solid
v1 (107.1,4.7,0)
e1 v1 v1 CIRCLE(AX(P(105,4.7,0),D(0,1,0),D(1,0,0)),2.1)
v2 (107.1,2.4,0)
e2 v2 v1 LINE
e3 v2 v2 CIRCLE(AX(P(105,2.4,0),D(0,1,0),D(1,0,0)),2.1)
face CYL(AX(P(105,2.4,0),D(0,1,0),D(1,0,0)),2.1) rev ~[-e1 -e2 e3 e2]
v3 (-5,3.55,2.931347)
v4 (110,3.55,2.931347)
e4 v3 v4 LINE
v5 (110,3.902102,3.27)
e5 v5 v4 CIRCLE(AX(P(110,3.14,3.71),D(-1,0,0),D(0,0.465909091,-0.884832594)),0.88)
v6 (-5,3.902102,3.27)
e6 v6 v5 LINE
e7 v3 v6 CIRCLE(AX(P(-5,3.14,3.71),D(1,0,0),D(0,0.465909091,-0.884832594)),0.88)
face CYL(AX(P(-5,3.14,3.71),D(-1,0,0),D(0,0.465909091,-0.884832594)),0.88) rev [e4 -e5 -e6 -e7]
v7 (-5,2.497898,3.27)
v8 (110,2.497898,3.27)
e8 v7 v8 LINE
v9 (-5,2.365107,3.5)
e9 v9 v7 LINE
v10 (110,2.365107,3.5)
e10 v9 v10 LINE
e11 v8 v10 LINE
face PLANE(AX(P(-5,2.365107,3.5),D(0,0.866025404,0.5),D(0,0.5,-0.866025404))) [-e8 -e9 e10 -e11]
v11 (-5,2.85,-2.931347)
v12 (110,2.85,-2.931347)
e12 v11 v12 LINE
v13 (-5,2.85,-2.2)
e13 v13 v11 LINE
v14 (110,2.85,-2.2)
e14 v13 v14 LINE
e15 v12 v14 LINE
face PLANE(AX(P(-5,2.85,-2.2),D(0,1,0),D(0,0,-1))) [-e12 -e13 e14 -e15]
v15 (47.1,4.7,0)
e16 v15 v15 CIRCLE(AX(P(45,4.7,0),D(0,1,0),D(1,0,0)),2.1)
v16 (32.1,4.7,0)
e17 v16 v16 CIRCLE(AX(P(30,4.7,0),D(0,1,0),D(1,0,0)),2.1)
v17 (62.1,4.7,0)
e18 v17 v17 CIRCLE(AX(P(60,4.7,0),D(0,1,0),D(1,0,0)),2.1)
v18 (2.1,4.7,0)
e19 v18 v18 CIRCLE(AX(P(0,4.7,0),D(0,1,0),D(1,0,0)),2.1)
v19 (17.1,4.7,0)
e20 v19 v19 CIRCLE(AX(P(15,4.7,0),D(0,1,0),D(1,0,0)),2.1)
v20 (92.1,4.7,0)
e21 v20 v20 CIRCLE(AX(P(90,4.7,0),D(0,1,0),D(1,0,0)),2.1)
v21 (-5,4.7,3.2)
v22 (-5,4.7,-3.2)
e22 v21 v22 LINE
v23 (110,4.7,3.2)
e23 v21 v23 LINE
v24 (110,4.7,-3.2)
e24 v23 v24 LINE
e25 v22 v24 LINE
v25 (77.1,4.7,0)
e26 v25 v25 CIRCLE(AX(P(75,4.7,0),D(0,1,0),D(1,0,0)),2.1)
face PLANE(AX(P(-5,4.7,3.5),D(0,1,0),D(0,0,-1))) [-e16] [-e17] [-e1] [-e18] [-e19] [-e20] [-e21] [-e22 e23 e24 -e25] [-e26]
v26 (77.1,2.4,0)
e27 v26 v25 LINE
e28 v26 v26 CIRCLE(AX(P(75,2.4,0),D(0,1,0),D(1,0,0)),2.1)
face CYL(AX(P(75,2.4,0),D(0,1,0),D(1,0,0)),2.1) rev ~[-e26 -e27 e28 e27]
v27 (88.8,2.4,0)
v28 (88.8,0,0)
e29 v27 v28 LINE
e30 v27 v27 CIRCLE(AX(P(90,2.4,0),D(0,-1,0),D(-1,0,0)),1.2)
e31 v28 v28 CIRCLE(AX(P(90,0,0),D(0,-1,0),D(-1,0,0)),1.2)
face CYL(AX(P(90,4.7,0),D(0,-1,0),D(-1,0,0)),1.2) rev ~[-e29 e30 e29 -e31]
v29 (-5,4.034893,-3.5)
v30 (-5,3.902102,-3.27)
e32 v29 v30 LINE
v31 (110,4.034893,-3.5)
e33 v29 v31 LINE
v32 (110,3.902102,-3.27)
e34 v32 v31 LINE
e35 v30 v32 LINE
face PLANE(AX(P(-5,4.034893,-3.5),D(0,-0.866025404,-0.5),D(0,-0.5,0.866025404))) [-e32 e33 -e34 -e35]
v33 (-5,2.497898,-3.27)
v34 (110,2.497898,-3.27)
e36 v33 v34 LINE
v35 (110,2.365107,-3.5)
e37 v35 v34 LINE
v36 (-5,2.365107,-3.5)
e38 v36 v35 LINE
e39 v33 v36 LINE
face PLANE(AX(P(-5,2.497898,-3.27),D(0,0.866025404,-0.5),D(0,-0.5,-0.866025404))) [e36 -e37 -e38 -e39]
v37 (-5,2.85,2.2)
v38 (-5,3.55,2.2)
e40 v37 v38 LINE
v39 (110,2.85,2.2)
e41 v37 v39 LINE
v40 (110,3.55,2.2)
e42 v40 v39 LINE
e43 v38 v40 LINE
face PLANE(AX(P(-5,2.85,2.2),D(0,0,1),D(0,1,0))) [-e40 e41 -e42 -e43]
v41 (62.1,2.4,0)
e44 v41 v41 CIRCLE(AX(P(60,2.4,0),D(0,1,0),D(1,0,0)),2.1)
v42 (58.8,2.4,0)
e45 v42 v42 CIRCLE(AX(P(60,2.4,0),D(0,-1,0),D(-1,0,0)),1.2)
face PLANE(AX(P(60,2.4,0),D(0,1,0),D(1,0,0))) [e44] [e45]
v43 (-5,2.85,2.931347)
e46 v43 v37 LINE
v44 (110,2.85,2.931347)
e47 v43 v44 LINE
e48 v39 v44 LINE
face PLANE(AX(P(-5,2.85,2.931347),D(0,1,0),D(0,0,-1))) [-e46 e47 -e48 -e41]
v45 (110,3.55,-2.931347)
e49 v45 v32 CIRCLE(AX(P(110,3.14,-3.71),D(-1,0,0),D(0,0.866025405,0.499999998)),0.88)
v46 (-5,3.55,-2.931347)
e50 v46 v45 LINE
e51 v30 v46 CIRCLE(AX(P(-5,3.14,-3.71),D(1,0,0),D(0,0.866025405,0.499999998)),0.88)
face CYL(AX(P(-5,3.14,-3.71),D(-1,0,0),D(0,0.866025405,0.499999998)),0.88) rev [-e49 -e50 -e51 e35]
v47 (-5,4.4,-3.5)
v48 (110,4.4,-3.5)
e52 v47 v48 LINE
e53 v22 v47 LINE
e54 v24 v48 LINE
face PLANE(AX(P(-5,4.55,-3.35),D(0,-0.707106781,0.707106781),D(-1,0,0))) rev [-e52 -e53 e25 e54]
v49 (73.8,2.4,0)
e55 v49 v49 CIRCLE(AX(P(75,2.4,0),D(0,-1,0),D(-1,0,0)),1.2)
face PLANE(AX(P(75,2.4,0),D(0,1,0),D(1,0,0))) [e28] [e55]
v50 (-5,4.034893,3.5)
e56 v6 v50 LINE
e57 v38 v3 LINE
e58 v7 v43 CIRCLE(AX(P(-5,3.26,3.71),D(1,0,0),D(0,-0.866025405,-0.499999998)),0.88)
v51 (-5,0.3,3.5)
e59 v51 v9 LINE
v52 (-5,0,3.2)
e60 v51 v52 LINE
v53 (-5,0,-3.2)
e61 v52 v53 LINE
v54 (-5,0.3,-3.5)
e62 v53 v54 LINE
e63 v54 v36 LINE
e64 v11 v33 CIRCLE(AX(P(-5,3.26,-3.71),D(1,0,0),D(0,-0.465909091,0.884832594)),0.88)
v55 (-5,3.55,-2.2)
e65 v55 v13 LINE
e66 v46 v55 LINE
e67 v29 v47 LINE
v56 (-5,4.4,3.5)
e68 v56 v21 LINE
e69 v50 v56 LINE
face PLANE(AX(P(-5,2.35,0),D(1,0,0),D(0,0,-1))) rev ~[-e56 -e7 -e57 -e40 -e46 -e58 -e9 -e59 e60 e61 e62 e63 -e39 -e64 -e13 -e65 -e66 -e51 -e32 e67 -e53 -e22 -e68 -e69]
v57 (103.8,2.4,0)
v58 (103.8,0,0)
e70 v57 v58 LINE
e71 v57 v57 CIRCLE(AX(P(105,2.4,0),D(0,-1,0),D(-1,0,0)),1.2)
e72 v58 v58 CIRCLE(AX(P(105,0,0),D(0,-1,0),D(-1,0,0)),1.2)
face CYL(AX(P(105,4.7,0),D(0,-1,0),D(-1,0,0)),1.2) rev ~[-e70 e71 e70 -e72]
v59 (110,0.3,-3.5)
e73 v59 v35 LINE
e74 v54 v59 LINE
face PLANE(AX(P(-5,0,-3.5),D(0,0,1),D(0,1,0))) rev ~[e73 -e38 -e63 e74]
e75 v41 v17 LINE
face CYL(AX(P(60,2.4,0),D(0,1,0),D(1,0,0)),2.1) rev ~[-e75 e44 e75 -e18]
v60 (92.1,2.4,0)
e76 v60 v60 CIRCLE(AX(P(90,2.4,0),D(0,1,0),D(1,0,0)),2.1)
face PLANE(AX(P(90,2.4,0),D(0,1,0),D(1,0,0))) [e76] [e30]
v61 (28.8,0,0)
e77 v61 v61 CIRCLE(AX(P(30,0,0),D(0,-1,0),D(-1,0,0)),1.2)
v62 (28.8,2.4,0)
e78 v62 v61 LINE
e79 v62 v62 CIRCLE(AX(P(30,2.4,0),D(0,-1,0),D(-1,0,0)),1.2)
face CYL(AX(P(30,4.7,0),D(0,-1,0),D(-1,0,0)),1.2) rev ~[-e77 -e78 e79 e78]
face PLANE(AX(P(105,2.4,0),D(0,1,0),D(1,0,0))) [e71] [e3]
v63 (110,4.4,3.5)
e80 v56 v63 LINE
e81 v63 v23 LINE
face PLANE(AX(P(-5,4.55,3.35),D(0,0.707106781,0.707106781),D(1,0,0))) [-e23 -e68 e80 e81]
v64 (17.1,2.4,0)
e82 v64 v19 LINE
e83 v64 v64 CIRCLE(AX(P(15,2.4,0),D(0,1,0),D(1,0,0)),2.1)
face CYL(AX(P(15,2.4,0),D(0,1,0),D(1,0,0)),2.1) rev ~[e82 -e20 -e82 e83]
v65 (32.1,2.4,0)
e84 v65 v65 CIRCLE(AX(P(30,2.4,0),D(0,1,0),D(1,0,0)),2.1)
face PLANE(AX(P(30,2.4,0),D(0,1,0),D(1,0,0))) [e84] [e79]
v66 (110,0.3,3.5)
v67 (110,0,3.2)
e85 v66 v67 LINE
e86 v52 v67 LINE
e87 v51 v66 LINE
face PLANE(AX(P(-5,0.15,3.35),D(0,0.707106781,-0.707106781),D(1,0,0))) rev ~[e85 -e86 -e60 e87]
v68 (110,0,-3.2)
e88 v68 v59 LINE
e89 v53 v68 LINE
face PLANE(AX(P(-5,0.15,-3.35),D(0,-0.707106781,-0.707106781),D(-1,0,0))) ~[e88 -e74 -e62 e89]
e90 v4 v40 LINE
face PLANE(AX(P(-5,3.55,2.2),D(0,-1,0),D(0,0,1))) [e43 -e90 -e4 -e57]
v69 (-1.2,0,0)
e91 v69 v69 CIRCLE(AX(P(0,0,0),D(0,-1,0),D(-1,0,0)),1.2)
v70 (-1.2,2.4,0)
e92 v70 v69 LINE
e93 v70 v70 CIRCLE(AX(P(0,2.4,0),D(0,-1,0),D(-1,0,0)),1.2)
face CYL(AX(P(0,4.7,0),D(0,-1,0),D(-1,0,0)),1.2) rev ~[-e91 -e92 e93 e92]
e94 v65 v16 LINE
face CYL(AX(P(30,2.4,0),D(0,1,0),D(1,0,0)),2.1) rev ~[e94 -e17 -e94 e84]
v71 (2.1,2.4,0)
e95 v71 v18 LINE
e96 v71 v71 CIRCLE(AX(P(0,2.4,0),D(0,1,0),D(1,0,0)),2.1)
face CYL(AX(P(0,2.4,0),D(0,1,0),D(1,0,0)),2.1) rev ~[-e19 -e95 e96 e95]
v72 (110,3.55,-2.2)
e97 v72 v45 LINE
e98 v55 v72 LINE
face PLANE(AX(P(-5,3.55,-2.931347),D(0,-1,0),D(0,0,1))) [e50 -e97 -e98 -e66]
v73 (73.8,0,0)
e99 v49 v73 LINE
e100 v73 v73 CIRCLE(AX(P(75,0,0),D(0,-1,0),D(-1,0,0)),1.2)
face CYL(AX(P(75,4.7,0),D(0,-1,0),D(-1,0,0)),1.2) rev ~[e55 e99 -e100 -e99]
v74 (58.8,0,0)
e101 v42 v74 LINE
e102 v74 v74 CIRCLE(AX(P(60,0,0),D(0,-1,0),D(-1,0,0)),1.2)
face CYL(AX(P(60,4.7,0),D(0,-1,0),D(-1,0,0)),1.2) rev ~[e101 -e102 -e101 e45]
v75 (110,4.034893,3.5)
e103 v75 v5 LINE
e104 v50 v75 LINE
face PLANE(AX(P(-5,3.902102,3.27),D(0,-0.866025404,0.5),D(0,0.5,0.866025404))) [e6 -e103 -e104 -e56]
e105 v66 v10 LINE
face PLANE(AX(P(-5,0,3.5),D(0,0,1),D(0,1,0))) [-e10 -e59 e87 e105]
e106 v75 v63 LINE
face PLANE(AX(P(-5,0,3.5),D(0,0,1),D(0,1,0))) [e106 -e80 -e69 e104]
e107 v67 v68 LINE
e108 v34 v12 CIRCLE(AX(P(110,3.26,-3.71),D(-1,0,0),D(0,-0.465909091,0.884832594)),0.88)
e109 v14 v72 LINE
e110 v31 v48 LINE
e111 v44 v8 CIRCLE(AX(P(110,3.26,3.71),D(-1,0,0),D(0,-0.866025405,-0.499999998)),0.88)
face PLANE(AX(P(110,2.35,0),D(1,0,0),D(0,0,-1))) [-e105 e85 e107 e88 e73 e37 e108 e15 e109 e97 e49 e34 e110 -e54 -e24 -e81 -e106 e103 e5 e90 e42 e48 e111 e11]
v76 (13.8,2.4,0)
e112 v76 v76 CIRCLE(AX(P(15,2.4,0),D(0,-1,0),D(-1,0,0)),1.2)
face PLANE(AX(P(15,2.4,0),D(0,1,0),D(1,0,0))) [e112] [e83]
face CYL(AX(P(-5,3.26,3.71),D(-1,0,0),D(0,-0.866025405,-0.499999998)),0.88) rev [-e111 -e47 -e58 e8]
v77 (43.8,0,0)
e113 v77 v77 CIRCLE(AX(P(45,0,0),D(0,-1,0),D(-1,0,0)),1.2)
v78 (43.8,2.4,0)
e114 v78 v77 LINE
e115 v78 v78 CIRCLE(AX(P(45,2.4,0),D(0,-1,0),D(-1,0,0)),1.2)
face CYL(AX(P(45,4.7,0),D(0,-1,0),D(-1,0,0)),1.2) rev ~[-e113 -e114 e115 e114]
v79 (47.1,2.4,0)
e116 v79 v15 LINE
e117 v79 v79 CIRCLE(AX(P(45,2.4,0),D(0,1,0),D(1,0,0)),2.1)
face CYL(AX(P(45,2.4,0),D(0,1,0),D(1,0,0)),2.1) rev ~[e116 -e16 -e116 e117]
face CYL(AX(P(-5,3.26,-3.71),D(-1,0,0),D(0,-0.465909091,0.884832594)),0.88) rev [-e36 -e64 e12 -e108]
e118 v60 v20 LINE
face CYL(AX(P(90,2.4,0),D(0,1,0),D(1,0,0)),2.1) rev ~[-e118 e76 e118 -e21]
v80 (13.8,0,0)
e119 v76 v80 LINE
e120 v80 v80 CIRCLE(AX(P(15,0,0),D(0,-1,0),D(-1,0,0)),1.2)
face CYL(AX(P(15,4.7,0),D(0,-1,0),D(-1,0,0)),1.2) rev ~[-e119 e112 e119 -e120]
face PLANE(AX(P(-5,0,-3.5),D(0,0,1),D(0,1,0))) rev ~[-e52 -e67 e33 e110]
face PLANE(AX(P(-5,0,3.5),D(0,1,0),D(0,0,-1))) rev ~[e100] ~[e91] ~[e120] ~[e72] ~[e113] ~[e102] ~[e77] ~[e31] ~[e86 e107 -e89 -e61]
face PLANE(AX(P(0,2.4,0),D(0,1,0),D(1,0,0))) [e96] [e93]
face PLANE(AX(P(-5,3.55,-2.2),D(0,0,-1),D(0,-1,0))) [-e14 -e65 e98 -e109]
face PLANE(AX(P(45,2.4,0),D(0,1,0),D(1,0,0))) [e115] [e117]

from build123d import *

# Parameters (mm, degrees)
SKETCH1_W                                    = 7
SKETCH1_H                                    = 4.7
BOSS_EXTRUDE1_DEPTH                          = 115
CUT_EXTRUDE1_DEPTH                           = 116
CBORE_FOR_SOCKET_HEAD_CAP_SCREW1_D           = 2.4
CBORE_FOR_SOCKET_HEAD_CAP_SCREW1_CBORE_D     = 4.2
CBORE_FOR_SOCKET_HEAD_CAP_SCREW1_CBORE_DEPTH = 2.3
LPATTERN1_COUNT                              = 8
LPATTERN1_PITCH                              = 15
CHAMFER1_SIZE                                = 0.3
CHAMFER2_SIZE                                = 0.3


with BuildPart() as part:
    # Sketch1 → Boss-Extrude1 (new body)
    with BuildSketch(Plane(origin=(-5, 0, 0), x_dir=(0, 0, -1), z_dir=(1, 0, 0))):
        with Locations((0, 2.35)):
            Rectangle(SKETCH1_W, SKETCH1_H)
    extrude(amount=BOSS_EXTRUDE1_DEPTH)

    # Sketch2 → Cut-Extrude1 (cut, through all)
    with BuildSketch(Plane(origin=(-5, 0, 0), x_dir=(0, 0, -1), z_dir=(1, 0, 0))):
        with BuildLine():
            Line((3.5, 4.034892917), (3.27, 3.902102355))
            ThreePointArc((3.27, 3.902102355), (3.075750359, 3.750022453), (2.931347317, 3.55))
            Line((2.931347317, 3.55), (2.2, 3.55))
            Line((2.2, 3.55), (2.2, 2.85))
            Line((2.2, 2.85), (2.931347317, 2.85))
            ThreePointArc((2.931347317, 2.85), (3.075750359, 2.649977547), (3.27, 2.497897645))
            Line((3.27, 2.497897645), (3.5, 2.365107083))
            Line((3.5, 2.365107083), (3.5, 4.034892917))
        make_face()
        with BuildLine():
            Line((-3.5, 4.034892917), (-3.5, 2.365107083))
            Line((-3.5, 2.365107083), (-3.27, 2.497897645))
            ThreePointArc((-3.27, 2.497897645), (-3.075750359, 2.649977547), (-2.931347317, 2.85))
            Line((-2.931347317, 2.85), (-2.2, 2.85))
            Line((-2.2, 2.85), (-2.2, 3.55))
            Line((-2.2, 3.55), (-2.931347317, 3.55))
            ThreePointArc((-2.931347317, 3.55), (-3.075750359, 3.750022453), (-3.27, 3.902102355))
            Line((-3.27, 3.902102355), (-3.5, 4.034892917))
        make_face()
    extrude(amount=CUT_EXTRUDE1_DEPTH, mode=Mode.SUBTRACT)

    # CBORE for Socket Head Cap Screw1 (through all)
    with Locations(Plane(origin=(0, 4.7, 0), x_dir=(1, 0, 0), z_dir=(0, 1, 0))):
        with Locations((0, 0)):
            cbore_for_socket_head_cap_screw1 = CounterBoreHole(CBORE_FOR_SOCKET_HEAD_CAP_SCREW1_D / 2, CBORE_FOR_SOCKET_HEAD_CAP_SCREW1_CBORE_D / 2, CBORE_FOR_SOCKET_HEAD_CAP_SCREW1_CBORE_DEPTH)

    # LPattern1: CBORE for Socket Head Cap Screw1 ×8
    with Locations(*[(i * LPATTERN1_PITCH, 0, 0) for i in range(1, LPATTERN1_COUNT)]):
        add(cbore_for_socket_head_cap_screw1, mode=Mode.SUBTRACT)

    # Chamfer1
    chamfer1_edges = [part.edges().sort_by_distance(p)[0] for p in [
        (52.5, 4.7, 3.5),
        (52.5, 4.7, -3.5),
    ]]
    chamfer(chamfer1_edges, length=CHAMFER1_SIZE)

    # Chamfer2
    chamfer2_edges = [part.edges().sort_by_distance(p)[0] for p in [
        (52.5, 0, -3.5),
        (52.5, 0, 3.5),
    ]]
    chamfer(chamfer2_edges, length=CHAMFER2_SIZE)


solid = part.part
